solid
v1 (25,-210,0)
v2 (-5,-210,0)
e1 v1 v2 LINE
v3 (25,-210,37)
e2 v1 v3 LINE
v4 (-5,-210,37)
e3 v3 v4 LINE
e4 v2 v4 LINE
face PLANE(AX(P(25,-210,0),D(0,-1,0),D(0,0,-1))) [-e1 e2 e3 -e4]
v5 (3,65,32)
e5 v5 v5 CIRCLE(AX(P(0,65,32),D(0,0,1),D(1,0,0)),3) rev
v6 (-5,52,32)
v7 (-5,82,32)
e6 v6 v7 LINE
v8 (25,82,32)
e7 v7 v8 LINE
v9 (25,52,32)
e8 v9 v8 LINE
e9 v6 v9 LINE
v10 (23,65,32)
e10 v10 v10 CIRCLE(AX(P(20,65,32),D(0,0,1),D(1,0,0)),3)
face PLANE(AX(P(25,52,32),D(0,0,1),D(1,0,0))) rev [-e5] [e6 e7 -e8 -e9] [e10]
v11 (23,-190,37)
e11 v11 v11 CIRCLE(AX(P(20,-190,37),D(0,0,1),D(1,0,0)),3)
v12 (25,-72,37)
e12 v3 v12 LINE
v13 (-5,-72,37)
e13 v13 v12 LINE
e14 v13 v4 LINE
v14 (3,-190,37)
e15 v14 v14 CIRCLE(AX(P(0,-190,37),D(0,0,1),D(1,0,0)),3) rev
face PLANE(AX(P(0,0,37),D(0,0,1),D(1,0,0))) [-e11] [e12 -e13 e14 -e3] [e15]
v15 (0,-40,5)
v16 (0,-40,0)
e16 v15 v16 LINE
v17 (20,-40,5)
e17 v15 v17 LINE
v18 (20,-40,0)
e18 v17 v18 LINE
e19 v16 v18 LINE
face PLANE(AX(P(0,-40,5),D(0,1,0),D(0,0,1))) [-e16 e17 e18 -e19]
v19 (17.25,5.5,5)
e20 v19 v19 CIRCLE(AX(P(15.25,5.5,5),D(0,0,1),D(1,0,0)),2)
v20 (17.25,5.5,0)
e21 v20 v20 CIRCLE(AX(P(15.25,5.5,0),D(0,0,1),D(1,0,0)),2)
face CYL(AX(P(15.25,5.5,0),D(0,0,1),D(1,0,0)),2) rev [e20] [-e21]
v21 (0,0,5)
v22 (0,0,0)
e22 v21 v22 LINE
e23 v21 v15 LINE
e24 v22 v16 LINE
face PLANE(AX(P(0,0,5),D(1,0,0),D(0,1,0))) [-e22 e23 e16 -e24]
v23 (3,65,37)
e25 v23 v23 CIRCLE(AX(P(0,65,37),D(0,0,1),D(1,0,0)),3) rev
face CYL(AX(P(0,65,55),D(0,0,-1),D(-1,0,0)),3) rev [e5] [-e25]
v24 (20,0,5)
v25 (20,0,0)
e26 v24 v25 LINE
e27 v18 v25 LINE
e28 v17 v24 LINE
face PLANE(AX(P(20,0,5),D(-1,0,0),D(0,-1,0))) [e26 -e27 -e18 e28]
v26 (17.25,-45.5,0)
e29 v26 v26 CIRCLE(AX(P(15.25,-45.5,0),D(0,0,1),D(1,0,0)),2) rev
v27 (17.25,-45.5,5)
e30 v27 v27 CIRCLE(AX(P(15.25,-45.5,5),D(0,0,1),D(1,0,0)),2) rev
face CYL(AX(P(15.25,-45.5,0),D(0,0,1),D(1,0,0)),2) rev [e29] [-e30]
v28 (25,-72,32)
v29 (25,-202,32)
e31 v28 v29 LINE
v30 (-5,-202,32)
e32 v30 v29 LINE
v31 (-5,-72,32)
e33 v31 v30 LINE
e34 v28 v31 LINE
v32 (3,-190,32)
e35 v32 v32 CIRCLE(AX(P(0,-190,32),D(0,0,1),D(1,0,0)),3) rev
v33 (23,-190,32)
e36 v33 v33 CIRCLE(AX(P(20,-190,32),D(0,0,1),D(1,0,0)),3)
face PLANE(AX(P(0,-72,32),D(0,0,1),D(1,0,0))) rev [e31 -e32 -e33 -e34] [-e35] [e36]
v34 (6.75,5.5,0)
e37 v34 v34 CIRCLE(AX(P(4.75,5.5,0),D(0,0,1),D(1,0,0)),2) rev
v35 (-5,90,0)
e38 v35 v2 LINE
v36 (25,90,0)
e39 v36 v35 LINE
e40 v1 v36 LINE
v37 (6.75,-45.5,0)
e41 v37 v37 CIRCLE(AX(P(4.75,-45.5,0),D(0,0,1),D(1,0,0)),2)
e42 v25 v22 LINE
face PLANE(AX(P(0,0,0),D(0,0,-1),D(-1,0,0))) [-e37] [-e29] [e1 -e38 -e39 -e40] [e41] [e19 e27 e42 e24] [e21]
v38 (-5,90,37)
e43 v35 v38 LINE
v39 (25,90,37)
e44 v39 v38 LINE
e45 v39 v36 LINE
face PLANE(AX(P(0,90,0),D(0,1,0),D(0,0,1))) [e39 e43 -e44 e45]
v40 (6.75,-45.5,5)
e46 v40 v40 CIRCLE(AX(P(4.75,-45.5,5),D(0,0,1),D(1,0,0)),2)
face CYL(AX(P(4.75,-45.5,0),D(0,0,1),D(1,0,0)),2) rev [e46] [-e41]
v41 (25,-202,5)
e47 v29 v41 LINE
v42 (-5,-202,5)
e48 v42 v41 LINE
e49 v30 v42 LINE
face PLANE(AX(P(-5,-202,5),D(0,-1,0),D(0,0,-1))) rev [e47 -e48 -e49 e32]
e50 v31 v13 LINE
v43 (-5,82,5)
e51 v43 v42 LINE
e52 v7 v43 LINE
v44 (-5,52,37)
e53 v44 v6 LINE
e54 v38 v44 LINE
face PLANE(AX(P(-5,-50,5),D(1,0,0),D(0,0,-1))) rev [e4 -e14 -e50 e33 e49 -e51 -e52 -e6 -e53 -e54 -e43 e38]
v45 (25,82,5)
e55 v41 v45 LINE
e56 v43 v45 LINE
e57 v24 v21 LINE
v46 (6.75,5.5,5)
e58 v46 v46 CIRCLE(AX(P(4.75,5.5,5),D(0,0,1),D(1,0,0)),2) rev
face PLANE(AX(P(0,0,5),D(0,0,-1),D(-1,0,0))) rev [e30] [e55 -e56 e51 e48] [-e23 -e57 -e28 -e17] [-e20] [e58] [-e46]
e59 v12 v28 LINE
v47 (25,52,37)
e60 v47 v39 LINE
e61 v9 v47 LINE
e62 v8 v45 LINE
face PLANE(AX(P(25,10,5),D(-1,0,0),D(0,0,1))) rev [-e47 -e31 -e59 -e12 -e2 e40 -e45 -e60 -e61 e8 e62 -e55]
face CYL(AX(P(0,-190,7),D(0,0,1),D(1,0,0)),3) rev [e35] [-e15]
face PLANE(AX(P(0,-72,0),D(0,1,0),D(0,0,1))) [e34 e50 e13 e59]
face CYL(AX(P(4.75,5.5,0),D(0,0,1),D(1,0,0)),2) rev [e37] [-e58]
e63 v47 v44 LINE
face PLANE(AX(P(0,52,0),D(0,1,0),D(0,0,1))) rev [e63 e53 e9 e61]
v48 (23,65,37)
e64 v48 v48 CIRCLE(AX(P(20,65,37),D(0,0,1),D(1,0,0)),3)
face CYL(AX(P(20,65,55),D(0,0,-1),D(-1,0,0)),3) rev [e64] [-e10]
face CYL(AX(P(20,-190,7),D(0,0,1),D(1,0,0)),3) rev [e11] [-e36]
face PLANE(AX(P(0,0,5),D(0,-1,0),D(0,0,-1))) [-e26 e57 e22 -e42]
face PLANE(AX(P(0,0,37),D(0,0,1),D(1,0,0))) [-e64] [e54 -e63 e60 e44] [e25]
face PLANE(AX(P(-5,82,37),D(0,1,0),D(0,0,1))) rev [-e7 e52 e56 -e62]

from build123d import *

# Parameters (mm, degrees)
SKETCH_2_W          = 30
SKETCH_2_H          = 60
SKETCH_2_W_2        = 20
SKETCH_2_H_2        = 40
EXTRUDE_1_DEPTH     = 5
SKETCH_3_R          = 2
CUT_EXTRUDE_1_DEPTH = 5
EXTRUDE_2_DEPTH     = 5
SKETCH_6_R          = 1.5
CUT_EXTRUDE_2_DEPTH = 5
SKETCH_7_W          = 5
SKETCH_7_H          = 10
CUT_EXTRUDE_3_DEPTH = 100
SKETCH_8_W          = 30
SKETCH_8_H          = 5
EXTRUDE_3_DEPTH     = 80
SKETCH_9_W          = 30
SKETCH_9_H          = 5
EXTRUDE_4_DEPTH     = 60
SKETCH_11_W         = 30
SKETCH_11_H         = 8
EXTRUDE_5_DEPTH     = 32
EXTRUDE_6_DEPTH     = 30
SKETCH_14_W         = 30
SKETCH_14_H         = 5
EXTRUDE_7_DEPTH     = 30
SKETCH_15_W         = 37
SKETCH_15_H         = 100
EXTRUDE_8_DEPTH     = 30
SKETCH_12_R         = 3
CUT_EXTRUDE_5_DEPTH = 50
SKETCH_16_W         = 27
SKETCH_16_H         = 100
CUT_EXTRUDE_6_DEPTH = 30
SKETCH_17_R         = 3
CUT_EXTRUDE_7_DEPTH = 30


with BuildPart() as part:
    # 草图2 → 凸台-拉伸1 (new body)
    with BuildSketch(Plane.XY):
        with Locations((10, -20)):
            Rectangle(SKETCH_2_W, SKETCH_2_H)
        with Locations((10, -20)):
            Rectangle(SKETCH_2_W_2, SKETCH_2_H_2, mode=Mode.SUBTRACT)
    extrude(amount=EXTRUDE_1_DEPTH)

    # 草图3 → 切除-拉伸1 (cut)
    with BuildSketch(Plane.XY.offset(5)):
        with Locations((15.25, 5.5)):
            Circle(SKETCH_3_R)
        with Locations((15.25, -45.5)):
            Circle(SKETCH_3_R)
        with Locations((4.75, -45.5)):
            Circle(SKETCH_3_R)
        with Locations((4.75, 5.5)):
            Circle(SKETCH_3_R)
    extrude(amount=-CUT_EXTRUDE_1_DEPTH, mode=Mode.SUBTRACT)

    # 草图5 → 凸台-拉伸2 (add)
    with BuildSketch(Plane(origin=(25, 0, 0), x_dir=(0, 0, -1), z_dir=(1, 0, 0))):
        with BuildLine():
            Line((-5, -42), (-5, -40))
            Line((-5, -40), (0, -40))
            Line((0, -40), (0, -42))
            ThreePointArc((0, -42), (0.878679656, -44.121320344), (3, -45))
            Line((3, -45), (20, -45))
            Line((20, -45), (20, -50))
            Line((20, -50), (0, -50))
            Line((0, -50), (-5, -50))
            Line((-5, -50), (-25, -50))
            Line((-25, -50), (-25, -45))
            Line((-25, -45), (-8, -45))
            ThreePointArc((-8, -45), (-5.878679656, -44.121320344), (-5, -42))
        make_face()
    extrude_2 = extrude(amount=EXTRUDE_2_DEPTH)

    # 镜向1: 凸台-拉伸2 across plane
    add(extrude_2.mirror(Plane(origin=(10, 0, 0), x_dir=(0, 0, 1), z_dir=(1, 0, 0))))

    # 草图6 → 切除-拉伸2 (cut)
    with BuildSketch(Plane(origin=(0, -45, 0), x_dir=(1, 0, 0), z_dir=(0, 1, 0))):
        with Locations(Location((-7.5, 12.5, 0), (0, 0, 270))):
            Circle(SKETCH_6_R)
        with Locations(Location((-7.5, -17.5, 0), (0, 0, 270))):
            Circle(SKETCH_6_R)
        with Locations(Location((27.5, -17.5, 0), (0, 0, 270))):
            Circle(SKETCH_6_R)
        with Locations(Location((27.5, 12.5, 0), (0, 0, 270))):
            Circle(SKETCH_6_R)
    extrude(amount=-CUT_EXTRUDE_2_DEPTH, mode=Mode.SUBTRACT)

    # 草图7 → 切除-拉伸3 (cut)
    with BuildSketch(Plane.XY.offset(25)):
        with Locations((27.5, -45)):
            Rectangle(SKETCH_7_W, SKETCH_7_H)
        with Locations((-7.5, -45)):
            Rectangle(SKETCH_7_W, SKETCH_7_H)
    extrude(amount=-CUT_EXTRUDE_3_DEPTH, mode=Mode.SUBTRACT)

    # 草图8 → 凸台-拉伸3 (add)
    with BuildSketch(Plane(origin=(0, 10, 0), x_dir=(1, 0, 0), z_dir=(0, 1, 0))):
        with Locations((10, -2.5)):
            Rectangle(SKETCH_8_W, SKETCH_8_H)
    extrude(amount=EXTRUDE_3_DEPTH)

    # 草图9 → 凸台-拉伸4 (add)
    with BuildSketch(Plane.XZ.offset(50)):
        with Locations((10, 2.5)):
            Rectangle(SKETCH_9_W, SKETCH_9_H)
    extrude(amount=EXTRUDE_4_DEPTH)

    # 草图11 → 凸台-拉伸5 (add)
    with BuildSketch(Plane.XY.offset(5)):
        with Locations((10, -106)):
            Rectangle(SKETCH_11_W, SKETCH_11_H)
        with Locations((10, 86)):
            Rectangle(SKETCH_11_W, SKETCH_11_H)
    extrude(amount=EXTRUDE_5_DEPTH)

    # 草图13 → 凸台-拉伸6 (add)
    with BuildSketch(Plane(origin=(0, -102, 0), x_dir=(1, 0, 0), z_dir=(0, 1, 0))):
        Polygon((-5, -37), (25, -37), (25, -34.408335309), (25, -32), (-5, -32), align=None)
    extrude(amount=EXTRUDE_6_DEPTH)

    # 草图14 → 凸台-拉伸7 (add)
    with BuildSketch(Plane.XZ.offset(-82)):
        with Locations((10, 34.5)):
            Rectangle(SKETCH_14_W, SKETCH_14_H)
    extrude(amount=EXTRUDE_7_DEPTH)

    # 草图15 → 凸台-拉伸8 (add)
    with BuildSketch(Plane.ZY.offset(5)):
        with Locations((18.5, -160)):
            Rectangle(SKETCH_15_W, SKETCH_15_H)
    extrude(amount=-EXTRUDE_8_DEPTH)

    # 草图12 → 切除-拉伸5 (cut)
    with BuildSketch(Plane.XY.offset(5)):
        with Locations((0, 65)):
            Circle(SKETCH_12_R)
        with Locations((20, 65)):
            Circle(SKETCH_12_R)
    extrude(amount=CUT_EXTRUDE_5_DEPTH, mode=Mode.SUBTRACT)

    # 草图16 → 切除-拉伸6 (cut)
    with BuildSketch(Plane(origin=(25, 0, 0), x_dir=(0, 0, -1), z_dir=(1, 0, 0))):
        with Locations((-18.5, -152)):
            Rectangle(SKETCH_16_W, SKETCH_16_H)
    extrude(amount=-CUT_EXTRUDE_6_DEPTH, mode=Mode.SUBTRACT)

    # 草图17 → 切除-拉伸7 (cut)
    with BuildSketch(Plane.XY.offset(37)):
        with Locations((20, -190)):
            Circle(SKETCH_17_R)
        with Locations((0, -190)):
            Circle(SKETCH_17_R)
    extrude(amount=-CUT_EXTRUDE_7_DEPTH, mode=Mode.SUBTRACT)


solid = part.part
